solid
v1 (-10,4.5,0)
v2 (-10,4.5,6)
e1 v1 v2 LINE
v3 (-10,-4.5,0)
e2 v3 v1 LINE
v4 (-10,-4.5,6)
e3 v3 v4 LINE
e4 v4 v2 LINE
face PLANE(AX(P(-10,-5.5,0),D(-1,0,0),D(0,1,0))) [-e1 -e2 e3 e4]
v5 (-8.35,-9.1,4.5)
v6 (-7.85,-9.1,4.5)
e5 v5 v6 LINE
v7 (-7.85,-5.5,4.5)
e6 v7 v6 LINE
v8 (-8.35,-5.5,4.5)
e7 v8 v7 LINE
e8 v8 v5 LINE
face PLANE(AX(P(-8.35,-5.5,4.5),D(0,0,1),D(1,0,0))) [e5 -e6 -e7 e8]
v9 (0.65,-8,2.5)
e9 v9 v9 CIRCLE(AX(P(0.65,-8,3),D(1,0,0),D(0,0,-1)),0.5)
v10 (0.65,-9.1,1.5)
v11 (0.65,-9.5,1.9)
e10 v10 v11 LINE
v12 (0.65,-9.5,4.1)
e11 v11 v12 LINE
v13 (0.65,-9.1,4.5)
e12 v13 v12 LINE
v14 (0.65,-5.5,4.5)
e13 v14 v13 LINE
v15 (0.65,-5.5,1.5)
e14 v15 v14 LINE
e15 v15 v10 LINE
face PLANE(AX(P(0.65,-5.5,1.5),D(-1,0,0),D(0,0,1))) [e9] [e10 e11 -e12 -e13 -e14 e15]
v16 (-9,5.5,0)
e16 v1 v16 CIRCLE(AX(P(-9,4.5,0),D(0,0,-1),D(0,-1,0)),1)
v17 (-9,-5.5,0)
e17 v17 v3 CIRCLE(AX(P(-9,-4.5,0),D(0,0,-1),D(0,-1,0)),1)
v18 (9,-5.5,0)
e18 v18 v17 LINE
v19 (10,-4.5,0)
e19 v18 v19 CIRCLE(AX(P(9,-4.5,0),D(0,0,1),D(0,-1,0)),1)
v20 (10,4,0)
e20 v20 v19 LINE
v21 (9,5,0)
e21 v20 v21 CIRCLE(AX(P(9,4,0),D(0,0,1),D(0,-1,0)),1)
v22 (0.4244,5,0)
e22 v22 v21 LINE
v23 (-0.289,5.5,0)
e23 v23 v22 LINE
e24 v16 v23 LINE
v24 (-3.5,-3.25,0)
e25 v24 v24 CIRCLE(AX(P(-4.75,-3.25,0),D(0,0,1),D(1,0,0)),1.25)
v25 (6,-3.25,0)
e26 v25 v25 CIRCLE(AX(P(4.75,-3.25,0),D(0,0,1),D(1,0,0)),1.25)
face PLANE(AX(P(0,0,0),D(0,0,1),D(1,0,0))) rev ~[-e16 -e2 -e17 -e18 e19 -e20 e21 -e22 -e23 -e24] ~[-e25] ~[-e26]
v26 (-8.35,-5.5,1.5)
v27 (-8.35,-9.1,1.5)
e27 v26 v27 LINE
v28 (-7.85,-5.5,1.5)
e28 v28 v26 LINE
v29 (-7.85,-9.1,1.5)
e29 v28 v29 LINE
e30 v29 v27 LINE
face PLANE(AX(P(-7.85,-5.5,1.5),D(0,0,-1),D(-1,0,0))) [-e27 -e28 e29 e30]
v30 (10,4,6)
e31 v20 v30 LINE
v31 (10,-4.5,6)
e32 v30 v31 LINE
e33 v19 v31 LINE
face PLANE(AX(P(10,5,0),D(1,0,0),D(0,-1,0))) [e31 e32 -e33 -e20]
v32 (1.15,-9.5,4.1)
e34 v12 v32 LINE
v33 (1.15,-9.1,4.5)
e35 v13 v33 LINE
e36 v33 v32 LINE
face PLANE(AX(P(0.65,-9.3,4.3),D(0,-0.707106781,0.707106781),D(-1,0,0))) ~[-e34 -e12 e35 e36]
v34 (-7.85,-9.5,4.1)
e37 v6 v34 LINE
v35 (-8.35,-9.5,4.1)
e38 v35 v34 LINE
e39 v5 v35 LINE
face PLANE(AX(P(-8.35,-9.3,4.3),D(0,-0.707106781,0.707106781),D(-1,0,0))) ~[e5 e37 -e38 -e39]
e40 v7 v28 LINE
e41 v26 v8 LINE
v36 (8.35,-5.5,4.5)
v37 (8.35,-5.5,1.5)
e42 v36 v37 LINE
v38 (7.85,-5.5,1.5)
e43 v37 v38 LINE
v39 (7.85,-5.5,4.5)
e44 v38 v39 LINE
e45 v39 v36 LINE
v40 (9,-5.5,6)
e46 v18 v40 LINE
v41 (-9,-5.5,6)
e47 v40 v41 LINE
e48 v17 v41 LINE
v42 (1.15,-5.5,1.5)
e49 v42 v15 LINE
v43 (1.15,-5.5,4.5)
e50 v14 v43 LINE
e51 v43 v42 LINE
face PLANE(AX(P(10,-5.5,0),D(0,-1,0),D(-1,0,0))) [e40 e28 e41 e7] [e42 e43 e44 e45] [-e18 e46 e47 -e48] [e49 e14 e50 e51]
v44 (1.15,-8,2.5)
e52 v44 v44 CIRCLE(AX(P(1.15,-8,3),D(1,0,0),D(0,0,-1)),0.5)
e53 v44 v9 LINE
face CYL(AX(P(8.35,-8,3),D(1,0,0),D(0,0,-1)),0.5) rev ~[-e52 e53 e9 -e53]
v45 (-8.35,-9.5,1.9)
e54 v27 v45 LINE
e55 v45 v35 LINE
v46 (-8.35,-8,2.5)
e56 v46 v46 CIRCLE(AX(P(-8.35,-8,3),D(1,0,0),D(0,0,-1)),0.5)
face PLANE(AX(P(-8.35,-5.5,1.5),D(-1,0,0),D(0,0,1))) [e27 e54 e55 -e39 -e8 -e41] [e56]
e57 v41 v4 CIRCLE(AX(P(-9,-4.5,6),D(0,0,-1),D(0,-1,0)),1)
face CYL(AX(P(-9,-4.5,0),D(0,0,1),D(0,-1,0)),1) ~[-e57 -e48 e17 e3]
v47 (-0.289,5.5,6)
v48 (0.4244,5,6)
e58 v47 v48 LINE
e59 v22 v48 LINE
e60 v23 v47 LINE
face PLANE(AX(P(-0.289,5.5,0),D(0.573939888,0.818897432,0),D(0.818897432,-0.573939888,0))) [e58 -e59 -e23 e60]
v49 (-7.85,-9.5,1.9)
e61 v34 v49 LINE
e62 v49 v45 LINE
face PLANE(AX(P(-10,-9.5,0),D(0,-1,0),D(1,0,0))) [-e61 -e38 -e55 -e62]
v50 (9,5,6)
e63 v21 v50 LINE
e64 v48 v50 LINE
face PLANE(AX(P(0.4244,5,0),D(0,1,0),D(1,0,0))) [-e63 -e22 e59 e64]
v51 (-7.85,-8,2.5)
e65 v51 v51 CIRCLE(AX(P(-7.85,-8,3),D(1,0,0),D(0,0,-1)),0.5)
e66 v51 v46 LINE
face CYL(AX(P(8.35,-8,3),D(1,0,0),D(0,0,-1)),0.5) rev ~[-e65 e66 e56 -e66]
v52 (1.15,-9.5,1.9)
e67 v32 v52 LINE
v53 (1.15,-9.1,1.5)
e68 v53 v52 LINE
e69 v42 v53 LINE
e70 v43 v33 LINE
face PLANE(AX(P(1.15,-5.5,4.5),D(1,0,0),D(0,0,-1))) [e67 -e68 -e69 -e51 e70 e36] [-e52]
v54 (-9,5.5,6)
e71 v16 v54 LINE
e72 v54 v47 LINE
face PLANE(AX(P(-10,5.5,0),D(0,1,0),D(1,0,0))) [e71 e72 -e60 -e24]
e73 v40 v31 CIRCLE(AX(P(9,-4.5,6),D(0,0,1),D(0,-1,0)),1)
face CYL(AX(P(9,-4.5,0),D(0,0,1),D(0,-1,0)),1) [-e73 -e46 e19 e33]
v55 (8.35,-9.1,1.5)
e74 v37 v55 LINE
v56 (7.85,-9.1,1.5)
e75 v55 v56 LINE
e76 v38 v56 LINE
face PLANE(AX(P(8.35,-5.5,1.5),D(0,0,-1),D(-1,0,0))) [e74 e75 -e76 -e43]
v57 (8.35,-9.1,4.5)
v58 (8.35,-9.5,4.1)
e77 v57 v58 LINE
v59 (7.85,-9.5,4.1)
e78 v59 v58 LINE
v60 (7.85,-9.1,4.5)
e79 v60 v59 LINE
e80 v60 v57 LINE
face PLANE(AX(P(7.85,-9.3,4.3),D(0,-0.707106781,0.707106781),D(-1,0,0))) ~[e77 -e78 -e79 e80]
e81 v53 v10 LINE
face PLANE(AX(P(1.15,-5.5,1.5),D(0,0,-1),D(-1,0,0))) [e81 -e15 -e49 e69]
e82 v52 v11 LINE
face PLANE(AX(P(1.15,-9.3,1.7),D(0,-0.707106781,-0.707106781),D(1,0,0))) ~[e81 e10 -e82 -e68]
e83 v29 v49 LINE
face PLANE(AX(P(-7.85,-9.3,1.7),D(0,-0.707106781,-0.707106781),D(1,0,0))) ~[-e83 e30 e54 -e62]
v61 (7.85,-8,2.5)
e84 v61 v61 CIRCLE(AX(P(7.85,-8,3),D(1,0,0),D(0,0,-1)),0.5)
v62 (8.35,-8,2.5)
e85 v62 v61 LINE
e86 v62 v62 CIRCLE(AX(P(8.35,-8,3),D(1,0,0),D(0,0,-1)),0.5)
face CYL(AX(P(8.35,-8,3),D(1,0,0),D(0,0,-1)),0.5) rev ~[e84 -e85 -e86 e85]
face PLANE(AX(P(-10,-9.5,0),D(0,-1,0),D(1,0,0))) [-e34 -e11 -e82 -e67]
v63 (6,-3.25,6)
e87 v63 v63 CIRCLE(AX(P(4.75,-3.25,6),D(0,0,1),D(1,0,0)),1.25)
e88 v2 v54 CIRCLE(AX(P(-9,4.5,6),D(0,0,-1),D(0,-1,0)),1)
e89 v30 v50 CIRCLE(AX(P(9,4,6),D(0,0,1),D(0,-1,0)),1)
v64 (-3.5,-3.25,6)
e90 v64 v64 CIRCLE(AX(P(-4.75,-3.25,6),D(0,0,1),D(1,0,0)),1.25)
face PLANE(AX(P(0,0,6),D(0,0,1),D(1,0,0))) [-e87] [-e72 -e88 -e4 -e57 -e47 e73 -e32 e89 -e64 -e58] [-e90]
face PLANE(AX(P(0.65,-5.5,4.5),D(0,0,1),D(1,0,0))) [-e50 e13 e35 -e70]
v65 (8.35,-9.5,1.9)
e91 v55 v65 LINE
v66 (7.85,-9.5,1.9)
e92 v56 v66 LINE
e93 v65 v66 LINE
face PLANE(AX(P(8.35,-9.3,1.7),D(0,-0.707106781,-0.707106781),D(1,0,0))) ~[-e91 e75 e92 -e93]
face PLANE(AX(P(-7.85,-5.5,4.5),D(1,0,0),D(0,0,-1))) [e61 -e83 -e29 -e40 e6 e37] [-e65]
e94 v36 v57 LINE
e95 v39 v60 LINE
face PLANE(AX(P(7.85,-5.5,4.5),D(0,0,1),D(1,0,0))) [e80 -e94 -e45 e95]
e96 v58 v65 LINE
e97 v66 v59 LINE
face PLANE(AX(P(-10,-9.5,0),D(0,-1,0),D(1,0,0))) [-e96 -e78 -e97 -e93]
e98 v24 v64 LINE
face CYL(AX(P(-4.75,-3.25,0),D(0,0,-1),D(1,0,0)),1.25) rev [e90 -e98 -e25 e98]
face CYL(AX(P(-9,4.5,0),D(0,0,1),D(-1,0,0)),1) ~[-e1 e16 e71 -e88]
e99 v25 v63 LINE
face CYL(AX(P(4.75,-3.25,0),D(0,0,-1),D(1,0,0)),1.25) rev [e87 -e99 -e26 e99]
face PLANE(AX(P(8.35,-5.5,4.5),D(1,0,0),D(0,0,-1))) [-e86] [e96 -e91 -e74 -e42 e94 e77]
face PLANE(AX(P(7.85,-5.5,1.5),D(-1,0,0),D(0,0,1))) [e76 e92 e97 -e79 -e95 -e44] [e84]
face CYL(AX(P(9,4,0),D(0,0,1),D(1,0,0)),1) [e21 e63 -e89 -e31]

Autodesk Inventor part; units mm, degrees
ref_plane "YZ Plane" through (0, 0, 0) normal (1, 0, 0) x (0, 1, 0)
ref_plane "XZ Plane" through (0, 0, 0) normal (0, 1, 0) x (-1, 0, 0)
ref_plane "XY Plane" through (0, 0, 0) normal (0, 0, 1) x (1, 0, 0)
sketch "Sketch1" plane through (0, 0, 0) normal (0, 0, 1) x (1, 0, 0)
  line L0 (-10, 5.5) -> (-0.289, 5.5)
  line L1 (10, 5) -> (10, -5.5)
  line L2 (10, -5.5) -> (-10, -5.5)
  line L3 (-10, -5.5) -> (-10, 5.5)
  line L4 (-0.289, 5.5) -> (0.4244, 5)
  line L5 (0.4244, 5) -> (10, 5)
  line L6 (-10, 5.5) -> (10, -5.5) construction
  circle A0 centre (4.75, -3.25) radius 1.25
  line L7 (0, -5.5) -> (0, 3.5475) construction
  circle A1 centre (-4.75, -3.25) radius 1.25
  point P0 (0, 0)
  point P1 (0, 0)
  point P2 (0, 0)
  dimension "d3" = 20
  dimension "d4" = 11
  dimension "d5" = 10.5
  dimension "d6" = 0.7134
  dimension "d7" = 2.5
  dimension "d8" = 2.25
  dimension "d9" = 5.25
extrude "Extrusion1" add sketch "Sketch1" along normal blind 6
sketch "Sketch2" plane through (-10, -5.5, 0) normal (0, -1, 0) x (1, 0, 0)
  line L0 (1.65, 4.5) -> (2.15, 4.5)
  line L1 (2.15, 4.5) -> (2.15, 1.5)
  line L2 (2.15, 1.5) -> (1.65, 1.5)
  line L3 (1.65, 1.5) -> (1.65, 4.5)
  line L4 (10.65, 4.5) -> (11.15, 4.5)
  line L5 (11.15, 4.5) -> (11.15, 1.5)
  line L6 (11.15, 1.5) -> (10.65, 1.5)
  line L7 (10.65, 1.5) -> (10.65, 4.5)
  line L8 (17.85, 4.5) -> (18.35, 4.5)
  line L9 (18.35, 4.5) -> (18.35, 1.5)
  line L10 (18.35, 1.5) -> (17.85, 1.5)
  line L11 (17.85, 1.5) -> (17.85, 4.5)
  line L12 (0, 0) -> (0, 6) projected
  line L13 (0, 0) -> (20, 0) projected
  line L14 (0, 6) -> (20, 6) projected
  point P0 (10, 0)
  dimension "d12" = 3
  dimension "d13" = 3
  dimension "d14" = 3
  dimension "d15" = 0.5
  dimension "d16" = 0.5
  dimension "d17" = 0.5
  dimension "d18" = 1.65
  dimension "d19" = 8.5
  dimension "d20" = 6.7
  dimension "d21" = 6
  dimension "d22" = 1.5
extrude "Extrusion2" add sketch "Sketch2" along normal blind 4
sketch "Sketch3" plane through (8.35, -5.5, 4.5) normal (1, 0, 0) x (0, 0, -1)
  circle A0 centre (1.5, -2.5) radius 0.5
  line L0 (3, -4) -> (0, -4) projected
  line L1 (3, 0) -> (3, -4) projected
  line L2 (0, 0) -> (0, -4) projected
  point P0 (4.5, 5.5)
  dimension "d25" = 1
  dimension "d26" = 1.5
  dimension "d27" = 3
  dimension "d28" = 1.5
extrude "Extrusion3" cut sketch "Sketch3" against normal through all
chamfer "Chamfer1" distance 0.4 angle 45 6 edges at (8.1, -9.5, 4.5) (8.1, -9.5, 1.5) (0.9, -9.5, 1.5) (0.9, -9.5, 4.5) (-8.1, -9.5, 4.5) (-8.1, -9.5, 1.5)
fillet "Fillet1" radius 1 4 edges at (10, 5, 3) (10, -5.5, 3) (-10, -5.5, 3) (-10, 5.5, 3)
equation "\"d13\" = d12"
equation "\"d14\" = d13"
equation "\"d22\" = -0.5 * d12 + 0.5 * d21"
equation "\"d28\" = 0.5 * d27"
properties part number "limitSwitch"
